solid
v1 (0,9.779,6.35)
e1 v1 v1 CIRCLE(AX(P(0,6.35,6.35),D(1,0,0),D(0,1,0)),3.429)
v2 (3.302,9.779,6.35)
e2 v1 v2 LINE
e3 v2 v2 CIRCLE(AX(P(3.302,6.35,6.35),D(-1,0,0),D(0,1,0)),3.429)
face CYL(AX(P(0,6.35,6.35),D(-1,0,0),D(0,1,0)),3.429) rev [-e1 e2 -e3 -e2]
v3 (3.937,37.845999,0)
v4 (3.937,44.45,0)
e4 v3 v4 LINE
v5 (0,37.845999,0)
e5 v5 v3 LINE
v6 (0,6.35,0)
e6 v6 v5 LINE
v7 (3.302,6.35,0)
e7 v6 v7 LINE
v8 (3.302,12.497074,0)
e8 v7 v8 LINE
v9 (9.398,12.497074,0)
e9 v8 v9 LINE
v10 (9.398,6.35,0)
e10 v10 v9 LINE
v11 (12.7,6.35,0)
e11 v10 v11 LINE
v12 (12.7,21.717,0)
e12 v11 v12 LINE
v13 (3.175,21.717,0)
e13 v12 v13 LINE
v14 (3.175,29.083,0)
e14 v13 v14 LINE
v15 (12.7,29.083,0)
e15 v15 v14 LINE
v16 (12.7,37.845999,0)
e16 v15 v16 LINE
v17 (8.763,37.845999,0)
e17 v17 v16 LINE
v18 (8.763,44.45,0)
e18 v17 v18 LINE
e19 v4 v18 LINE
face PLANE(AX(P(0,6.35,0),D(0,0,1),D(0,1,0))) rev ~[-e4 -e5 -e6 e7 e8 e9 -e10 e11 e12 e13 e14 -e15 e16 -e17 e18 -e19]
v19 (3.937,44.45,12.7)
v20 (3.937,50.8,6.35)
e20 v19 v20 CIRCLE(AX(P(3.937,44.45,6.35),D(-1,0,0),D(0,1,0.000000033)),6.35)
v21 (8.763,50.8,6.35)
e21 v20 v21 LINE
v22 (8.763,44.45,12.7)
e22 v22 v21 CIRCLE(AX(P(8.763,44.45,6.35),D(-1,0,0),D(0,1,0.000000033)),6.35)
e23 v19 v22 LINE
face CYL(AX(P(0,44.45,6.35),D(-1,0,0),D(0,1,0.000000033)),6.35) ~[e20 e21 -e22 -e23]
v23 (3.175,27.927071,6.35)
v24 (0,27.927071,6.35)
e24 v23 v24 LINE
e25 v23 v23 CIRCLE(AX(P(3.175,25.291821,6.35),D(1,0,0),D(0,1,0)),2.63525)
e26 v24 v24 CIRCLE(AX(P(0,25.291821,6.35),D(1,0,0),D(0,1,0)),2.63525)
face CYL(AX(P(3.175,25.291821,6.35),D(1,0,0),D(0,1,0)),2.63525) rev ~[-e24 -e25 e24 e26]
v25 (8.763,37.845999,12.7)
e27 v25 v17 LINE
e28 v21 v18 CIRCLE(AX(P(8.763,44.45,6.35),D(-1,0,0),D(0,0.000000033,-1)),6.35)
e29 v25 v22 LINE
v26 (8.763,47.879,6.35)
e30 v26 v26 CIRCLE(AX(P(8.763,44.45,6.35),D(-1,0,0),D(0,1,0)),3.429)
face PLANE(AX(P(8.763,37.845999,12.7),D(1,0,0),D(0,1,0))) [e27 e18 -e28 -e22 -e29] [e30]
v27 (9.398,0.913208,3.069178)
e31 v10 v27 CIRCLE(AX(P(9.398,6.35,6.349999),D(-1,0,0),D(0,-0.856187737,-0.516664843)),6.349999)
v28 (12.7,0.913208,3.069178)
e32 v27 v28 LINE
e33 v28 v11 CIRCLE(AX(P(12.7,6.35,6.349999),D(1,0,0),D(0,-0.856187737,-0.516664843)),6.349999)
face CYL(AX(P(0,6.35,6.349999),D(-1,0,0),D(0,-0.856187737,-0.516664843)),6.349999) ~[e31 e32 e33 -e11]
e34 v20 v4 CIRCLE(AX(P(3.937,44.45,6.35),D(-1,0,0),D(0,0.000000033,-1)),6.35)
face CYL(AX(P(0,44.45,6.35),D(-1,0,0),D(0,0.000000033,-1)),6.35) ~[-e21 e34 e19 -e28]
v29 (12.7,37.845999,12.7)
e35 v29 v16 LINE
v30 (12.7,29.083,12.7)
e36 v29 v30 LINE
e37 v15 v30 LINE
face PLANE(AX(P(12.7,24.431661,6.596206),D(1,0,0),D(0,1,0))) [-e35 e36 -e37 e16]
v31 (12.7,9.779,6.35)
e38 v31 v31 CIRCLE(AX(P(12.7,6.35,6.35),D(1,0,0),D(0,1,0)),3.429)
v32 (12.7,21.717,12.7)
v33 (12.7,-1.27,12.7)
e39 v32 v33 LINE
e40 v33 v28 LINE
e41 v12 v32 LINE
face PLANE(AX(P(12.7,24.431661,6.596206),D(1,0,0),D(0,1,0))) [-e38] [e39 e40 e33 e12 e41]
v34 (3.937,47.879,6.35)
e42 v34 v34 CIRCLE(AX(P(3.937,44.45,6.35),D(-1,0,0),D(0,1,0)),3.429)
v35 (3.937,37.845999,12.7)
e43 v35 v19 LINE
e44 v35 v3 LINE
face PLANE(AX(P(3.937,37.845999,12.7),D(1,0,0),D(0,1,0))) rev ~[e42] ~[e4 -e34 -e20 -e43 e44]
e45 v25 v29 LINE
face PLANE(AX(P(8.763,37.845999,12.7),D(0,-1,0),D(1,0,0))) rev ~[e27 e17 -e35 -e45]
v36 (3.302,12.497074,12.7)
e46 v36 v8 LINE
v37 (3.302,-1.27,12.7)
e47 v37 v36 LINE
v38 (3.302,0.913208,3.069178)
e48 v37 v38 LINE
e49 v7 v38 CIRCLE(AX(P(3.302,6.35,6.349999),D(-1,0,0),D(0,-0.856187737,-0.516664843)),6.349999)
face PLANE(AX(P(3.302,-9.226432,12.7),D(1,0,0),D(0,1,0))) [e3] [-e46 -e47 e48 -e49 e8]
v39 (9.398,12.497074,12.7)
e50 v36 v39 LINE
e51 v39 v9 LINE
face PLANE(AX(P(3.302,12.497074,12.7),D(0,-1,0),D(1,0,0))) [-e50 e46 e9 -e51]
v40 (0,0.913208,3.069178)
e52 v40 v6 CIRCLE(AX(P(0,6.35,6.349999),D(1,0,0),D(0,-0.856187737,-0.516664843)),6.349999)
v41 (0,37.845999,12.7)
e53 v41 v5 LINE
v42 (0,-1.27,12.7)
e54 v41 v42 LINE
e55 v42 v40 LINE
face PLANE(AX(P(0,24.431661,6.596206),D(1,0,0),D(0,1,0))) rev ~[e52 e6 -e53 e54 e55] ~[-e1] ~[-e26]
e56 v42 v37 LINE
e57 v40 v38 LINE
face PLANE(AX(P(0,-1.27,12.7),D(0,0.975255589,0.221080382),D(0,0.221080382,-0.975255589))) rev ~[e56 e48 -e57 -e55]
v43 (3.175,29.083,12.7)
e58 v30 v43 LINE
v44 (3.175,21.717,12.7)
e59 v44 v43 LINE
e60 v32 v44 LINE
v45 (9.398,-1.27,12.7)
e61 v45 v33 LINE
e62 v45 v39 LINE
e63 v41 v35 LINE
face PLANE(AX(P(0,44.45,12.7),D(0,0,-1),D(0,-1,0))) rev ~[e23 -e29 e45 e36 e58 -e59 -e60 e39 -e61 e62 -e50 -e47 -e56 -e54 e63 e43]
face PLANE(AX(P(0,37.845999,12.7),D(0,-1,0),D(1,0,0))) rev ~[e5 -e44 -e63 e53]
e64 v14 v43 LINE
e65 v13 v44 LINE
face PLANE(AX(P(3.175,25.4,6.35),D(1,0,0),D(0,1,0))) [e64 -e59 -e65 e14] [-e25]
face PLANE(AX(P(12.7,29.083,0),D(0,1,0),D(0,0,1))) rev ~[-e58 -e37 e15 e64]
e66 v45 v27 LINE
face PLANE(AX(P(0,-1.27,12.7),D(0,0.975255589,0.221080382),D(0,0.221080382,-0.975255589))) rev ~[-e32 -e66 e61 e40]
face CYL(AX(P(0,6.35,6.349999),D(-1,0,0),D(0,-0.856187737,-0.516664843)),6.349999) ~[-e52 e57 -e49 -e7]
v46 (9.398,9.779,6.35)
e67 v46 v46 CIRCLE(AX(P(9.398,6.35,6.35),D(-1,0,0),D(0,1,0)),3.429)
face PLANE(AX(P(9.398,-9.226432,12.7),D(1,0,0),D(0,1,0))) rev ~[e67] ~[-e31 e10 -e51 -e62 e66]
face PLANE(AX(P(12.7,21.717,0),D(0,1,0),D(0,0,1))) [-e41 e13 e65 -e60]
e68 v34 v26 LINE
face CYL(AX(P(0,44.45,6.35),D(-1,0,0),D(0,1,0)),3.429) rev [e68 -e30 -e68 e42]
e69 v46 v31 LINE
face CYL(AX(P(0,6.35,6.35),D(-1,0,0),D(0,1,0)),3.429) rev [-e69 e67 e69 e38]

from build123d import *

# Parameters (mm, degrees)
F0_R     = 3.429
F1_DEPTH = 12.7
F2_W     = 6.096
F2_H     = 21.723506
F2_W_2   = 3.937
F2_H_2   = 13.240079
F3_DEPTH = 25.4
F4_W     = 7.366
F4_H     = 12.7
F5_DEPTH = 9.525
F6_R     = 2.63525
F7_DEPTH = 25.4


with BuildPart() as f1:
    # F0 (on Right) → F1 (new body)
    with BuildSketch(Plane.YZ):
        with BuildLine():
            ThreePointArc((0.913208, 3.069178), (3.228359, 0.820275), (6.35, 0))
            Line((6.35, 0), (44.45, 0))
            ThreePointArc((44.45, 0), (48.940128, 1.859872), (50.8, 6.35))
            ThreePointArc((50.8, 6.35), (48.940128, 10.840128), (44.45, 12.7))
            Line((44.45, 12.7), (0, 12.7))
            Line((0, 12.7), (-1.27, 12.7))
            Line((-1.27, 12.7), (0.913208, 3.069178))
        make_face()
        with Locations((6.35, 6.35)):
            Circle(F0_R, mode=Mode.SUBTRACT)
        with Locations((44.45, 6.35)):
            Circle(F0_R, mode=Mode.SUBTRACT)
    extrude(amount=F1_DEPTH)

    # F2 (on face) → F3 (cut)
    with BuildSketch(Plane.XY.offset(12.7)):
        with Locations((6.35, 1.635321)):
            Rectangle(F2_W, F2_H)
        with Locations((1.9685, 44.466039)):
            Rectangle(F2_W_2, F2_H_2)
        with Locations((10.7315, 44.466039)):
            Rectangle(F2_W_2, F2_H_2)
    extrude(amount=-F3_DEPTH, mode=Mode.SUBTRACT)

    # F4 (on face) → F5 (cut)
    with BuildSketch(Plane.YZ.offset(12.7)):
        with Locations((25.4, 6.35)):
            Rectangle(F4_W, F4_H)
    extrude(amount=-F5_DEPTH, mode=Mode.SUBTRACT)

    # F6 (on face) → F7 (cut)
    with BuildSketch(Plane.YZ.offset(3.175)):
        with Locations((25.291821, 6.35)):
            Circle(F6_R)
    extrude(amount=-F7_DEPTH, mode=Mode.SUBTRACT)


solid = f1.part
